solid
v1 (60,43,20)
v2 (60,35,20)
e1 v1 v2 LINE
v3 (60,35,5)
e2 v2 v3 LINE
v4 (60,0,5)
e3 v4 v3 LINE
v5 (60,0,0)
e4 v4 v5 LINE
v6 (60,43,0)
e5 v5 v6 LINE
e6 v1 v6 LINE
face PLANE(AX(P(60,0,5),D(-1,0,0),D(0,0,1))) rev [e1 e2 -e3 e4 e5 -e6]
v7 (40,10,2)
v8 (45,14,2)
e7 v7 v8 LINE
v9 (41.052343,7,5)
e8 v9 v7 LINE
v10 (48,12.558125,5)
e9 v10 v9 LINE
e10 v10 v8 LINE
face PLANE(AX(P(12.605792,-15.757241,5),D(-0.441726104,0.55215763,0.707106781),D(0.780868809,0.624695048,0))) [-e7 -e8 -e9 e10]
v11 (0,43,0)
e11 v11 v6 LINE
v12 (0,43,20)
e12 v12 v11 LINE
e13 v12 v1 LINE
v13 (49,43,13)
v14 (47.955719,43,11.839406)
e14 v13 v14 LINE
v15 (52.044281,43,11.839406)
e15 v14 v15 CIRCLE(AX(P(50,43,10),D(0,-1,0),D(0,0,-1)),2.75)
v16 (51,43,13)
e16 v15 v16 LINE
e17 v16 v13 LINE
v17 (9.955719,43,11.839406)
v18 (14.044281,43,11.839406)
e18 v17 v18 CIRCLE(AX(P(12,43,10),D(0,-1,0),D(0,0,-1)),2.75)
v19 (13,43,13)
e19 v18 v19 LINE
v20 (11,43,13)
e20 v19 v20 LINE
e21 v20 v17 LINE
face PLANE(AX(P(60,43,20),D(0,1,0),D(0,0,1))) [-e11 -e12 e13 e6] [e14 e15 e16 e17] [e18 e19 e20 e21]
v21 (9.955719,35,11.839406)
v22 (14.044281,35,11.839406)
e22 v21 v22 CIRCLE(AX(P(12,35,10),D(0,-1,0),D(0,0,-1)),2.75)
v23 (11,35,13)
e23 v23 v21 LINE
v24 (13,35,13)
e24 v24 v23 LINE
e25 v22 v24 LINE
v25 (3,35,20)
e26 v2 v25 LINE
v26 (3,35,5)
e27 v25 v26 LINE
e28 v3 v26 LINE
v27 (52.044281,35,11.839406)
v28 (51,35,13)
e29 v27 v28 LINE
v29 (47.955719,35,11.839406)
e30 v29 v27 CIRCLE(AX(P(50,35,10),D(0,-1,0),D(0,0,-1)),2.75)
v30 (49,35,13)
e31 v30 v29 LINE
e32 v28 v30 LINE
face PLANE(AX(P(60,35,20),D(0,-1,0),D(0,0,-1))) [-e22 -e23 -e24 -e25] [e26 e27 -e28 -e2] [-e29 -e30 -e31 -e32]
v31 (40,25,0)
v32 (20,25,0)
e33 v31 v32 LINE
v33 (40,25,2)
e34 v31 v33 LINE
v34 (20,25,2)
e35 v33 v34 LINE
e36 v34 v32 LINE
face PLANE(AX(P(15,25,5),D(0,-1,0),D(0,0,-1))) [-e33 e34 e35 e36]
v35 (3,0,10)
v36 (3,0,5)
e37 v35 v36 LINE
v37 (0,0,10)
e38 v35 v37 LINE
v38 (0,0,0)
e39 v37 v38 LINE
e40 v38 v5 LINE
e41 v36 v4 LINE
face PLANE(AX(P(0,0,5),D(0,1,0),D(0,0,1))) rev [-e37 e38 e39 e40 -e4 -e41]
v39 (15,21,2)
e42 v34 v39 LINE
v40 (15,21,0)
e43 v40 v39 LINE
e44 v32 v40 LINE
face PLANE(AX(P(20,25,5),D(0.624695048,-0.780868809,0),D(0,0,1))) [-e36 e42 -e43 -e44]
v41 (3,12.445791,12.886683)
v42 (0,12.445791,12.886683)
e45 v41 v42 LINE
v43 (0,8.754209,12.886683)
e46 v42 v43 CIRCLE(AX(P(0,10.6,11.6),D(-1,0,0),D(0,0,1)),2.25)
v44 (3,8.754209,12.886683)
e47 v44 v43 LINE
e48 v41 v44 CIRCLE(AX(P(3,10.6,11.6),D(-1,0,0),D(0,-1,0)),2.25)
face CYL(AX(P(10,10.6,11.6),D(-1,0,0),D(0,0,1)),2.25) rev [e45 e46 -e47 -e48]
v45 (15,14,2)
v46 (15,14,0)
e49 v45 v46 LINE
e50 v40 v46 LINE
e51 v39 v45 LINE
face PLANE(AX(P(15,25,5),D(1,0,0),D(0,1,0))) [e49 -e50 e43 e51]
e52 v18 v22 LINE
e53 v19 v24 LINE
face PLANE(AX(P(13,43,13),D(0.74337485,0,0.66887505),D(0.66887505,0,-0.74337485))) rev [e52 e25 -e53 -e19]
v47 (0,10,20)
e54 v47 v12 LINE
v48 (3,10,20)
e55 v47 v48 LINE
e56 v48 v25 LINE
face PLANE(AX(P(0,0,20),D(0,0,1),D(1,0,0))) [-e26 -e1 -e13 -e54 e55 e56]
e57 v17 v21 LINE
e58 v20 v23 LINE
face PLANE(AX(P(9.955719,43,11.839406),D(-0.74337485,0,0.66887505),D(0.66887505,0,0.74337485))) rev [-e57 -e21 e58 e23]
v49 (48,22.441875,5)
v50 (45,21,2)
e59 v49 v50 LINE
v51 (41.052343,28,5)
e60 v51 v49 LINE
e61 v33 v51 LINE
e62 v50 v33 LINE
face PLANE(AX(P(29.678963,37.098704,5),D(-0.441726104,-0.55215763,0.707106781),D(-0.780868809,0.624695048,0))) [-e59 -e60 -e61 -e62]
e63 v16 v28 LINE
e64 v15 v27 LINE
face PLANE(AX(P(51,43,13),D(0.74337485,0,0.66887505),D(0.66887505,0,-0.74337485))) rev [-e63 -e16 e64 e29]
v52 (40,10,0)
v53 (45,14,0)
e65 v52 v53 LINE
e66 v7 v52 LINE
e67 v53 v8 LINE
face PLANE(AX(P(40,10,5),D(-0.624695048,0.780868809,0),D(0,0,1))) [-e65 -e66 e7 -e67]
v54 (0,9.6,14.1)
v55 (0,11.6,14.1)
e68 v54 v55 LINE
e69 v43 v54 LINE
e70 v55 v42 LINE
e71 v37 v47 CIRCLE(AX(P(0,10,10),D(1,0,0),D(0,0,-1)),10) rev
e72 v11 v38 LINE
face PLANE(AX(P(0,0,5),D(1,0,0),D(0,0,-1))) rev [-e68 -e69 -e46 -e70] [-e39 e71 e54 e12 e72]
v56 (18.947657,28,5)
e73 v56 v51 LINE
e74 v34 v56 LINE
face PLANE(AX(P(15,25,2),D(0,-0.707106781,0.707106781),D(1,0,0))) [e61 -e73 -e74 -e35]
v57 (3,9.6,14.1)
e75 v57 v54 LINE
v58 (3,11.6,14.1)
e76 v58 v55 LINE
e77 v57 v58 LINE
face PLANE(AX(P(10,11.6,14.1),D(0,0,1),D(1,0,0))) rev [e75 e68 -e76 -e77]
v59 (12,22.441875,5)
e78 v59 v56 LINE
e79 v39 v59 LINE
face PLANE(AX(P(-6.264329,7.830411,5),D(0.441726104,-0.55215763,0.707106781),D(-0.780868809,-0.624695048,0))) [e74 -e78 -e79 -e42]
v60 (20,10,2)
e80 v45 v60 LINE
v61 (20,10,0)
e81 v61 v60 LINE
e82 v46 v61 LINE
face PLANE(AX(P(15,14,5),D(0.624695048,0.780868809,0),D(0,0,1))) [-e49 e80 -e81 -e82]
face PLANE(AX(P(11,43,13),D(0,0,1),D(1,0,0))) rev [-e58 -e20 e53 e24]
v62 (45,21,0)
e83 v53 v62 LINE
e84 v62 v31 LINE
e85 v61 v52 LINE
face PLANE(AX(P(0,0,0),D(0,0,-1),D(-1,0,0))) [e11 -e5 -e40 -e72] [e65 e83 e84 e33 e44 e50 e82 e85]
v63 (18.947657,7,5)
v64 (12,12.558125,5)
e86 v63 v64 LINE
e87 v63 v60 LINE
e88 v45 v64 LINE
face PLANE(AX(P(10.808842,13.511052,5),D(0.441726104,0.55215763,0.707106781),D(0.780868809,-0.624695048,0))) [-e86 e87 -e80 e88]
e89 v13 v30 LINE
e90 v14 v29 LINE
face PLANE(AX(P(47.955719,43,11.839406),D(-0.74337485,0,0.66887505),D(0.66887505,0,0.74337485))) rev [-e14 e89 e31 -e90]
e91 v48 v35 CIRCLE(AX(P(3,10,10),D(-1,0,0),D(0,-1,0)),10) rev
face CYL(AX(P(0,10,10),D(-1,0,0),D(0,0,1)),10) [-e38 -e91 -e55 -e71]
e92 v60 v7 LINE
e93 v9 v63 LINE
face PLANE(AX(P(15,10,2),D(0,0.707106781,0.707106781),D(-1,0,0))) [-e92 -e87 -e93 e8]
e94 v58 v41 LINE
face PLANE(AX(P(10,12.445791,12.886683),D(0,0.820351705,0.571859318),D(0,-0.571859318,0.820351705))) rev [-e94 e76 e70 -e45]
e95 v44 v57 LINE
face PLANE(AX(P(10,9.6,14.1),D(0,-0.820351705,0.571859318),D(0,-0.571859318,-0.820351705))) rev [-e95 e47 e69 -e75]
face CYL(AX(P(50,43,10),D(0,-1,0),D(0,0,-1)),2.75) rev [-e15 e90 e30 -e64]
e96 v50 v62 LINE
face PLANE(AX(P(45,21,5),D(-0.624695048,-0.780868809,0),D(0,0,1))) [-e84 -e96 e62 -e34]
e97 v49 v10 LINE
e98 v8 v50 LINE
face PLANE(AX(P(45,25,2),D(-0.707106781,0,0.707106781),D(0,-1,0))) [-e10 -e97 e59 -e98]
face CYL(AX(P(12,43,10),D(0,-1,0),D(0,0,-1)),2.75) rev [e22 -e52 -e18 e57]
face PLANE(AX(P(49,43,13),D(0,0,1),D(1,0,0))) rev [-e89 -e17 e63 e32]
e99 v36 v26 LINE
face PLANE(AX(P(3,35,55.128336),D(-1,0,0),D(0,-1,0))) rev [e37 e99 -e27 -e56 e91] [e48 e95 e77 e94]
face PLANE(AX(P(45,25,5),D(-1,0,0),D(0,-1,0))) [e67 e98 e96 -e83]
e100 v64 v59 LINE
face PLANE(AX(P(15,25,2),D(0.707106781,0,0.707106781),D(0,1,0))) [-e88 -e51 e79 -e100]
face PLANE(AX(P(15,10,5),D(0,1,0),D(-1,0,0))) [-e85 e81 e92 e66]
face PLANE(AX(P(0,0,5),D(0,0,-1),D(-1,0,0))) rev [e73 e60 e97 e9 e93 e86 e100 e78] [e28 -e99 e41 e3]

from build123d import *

# Parameters (mm, degrees)
CROQUIS1_W              = 60
CROQUIS1_H              = 35
CROQUIS1_W_2            = 30
CROQUIS1_H_2            = 15
SALIENTE_EXTRUIR1_DEPTH = 5
CHAFL_N2_SIZE           = 4
CHAFL_N2_SIZE2          = 5
CHAFL_N2_PART_2_SIZE    = 4
CHAFL_N2_PART_2_SIZE2   = 5
CHAFL_N3_SIZE           = 5
CHAFL_N3_SIZE2          = 4
CHAFL_N3_PART_2_SIZE    = 5
CHAFL_N3_PART_2_SIZE2   = 4
CHAFL_N1_SIZE           = 3
CROQUIS2_W              = 60
CROQUIS2_H              = 8
SALIENTE_EXTRUIR2_DEPTH = 20
CORTAR_EXTRUIR1_DEPTH   = 9
CROQUIS4_W              = 3
CROQUIS4_H              = 35
SALIENTE_EXTRUIR3_DEPTH = 15
CORTAR_EXTRUIR2_DEPTH   = 10
REDONDEO1_R             = 10


with BuildPart() as part:
    # Croquis1 → Saliente-Extruir1 (new body)
    with BuildSketch(Plane.XY):
        with Locations((30, 17.5)):
            Rectangle(CROQUIS1_W, CROQUIS1_H)
        with Locations((30, 17.5)):
            Rectangle(CROQUIS1_W_2, CROQUIS1_H_2, mode=Mode.SUBTRACT)
    extrude(amount=SALIENTE_EXTRUIR1_DEPTH)

    # Chaflán2
    chafl_n2_edges = [part.edges().sort_by_distance(p)[0] for p in [
        (15, 25, 2.5),
    ]]
    chafl_n2_side = [part.faces().sort_by_distance(p)[0] for p in [
        (15, 17.5, 2.5),
    ]]
    chamfer(chafl_n2_edges, length=CHAFL_N2_SIZE, length2=CHAFL_N2_SIZE2, reference=chafl_n2_side[0])

    # Chaflán2 part 2
    chafl_n2_part_2_edges = [part.edges().sort_by_distance(p)[0] for p in [
        (45, 10, 2.5),
    ]]
    chafl_n2_part_2_side = [part.faces().sort_by_distance(p)[0] for p in [
        (45, 17.5, 2.5),
    ]]
    chamfer(chafl_n2_part_2_edges, length=CHAFL_N2_PART_2_SIZE, length2=CHAFL_N2_PART_2_SIZE2, reference=chafl_n2_part_2_side[0])

    # Chaflán3
    chafl_n3_edges = [part.edges().sort_by_distance(p)[0] for p in [
        (15, 10, 2.5),
    ]]
    chafl_n3_side = [part.faces().sort_by_distance(p)[0] for p in [
        (27.5, 10, 2.5),
    ]]
    chamfer(chafl_n3_edges, length=CHAFL_N3_SIZE, length2=CHAFL_N3_SIZE2, reference=chafl_n3_side[0])

    # Chaflán3 part 2
    chafl_n3_part_2_edges = [part.edges().sort_by_distance(p)[0] for p in [
        (45, 25, 2.5),
    ]]
    chafl_n3_part_2_side = [part.faces().sort_by_distance(p)[0] for p in [
        (32.5, 25, 2.5),
    ]]
    chamfer(chafl_n3_part_2_edges, length=CHAFL_N3_PART_2_SIZE, length2=CHAFL_N3_PART_2_SIZE2, reference=chafl_n3_part_2_side[0])

    # Chaflán1
    chafl_n1_edges = [part.edges().sort_by_distance(p)[0] for p in [
        (45, 17.5, 5),
        (15, 17.5, 5),
        (42.5, 12, 5),
        (17.5, 23, 5),
        (30, 25, 5),
        (30, 10, 5),
        (42.5, 23, 5),
        (17.5, 12, 5),
    ]]
    chamfer(chafl_n1_edges, length=CHAFL_N1_SIZE)

    # Croquis2 → Saliente-Extruir2 (add)
    with BuildSketch(Plane(origin=(0, 0, 0), x_dir=(-1, 0, 0), z_dir=(0, 0, -1))):
        with Locations((-30, 39)):
            Rectangle(CROQUIS2_W, CROQUIS2_H)
    extrude(amount=-SALIENTE_EXTRUIR2_DEPTH)

    # Croquis3 → Cortar-Extruir1 (cut, through all)
    with BuildSketch(Plane.XZ.offset(-35)):
        with BuildLine():
            Line((9.955719163, 11.839406388), (11, 13))
            Line((11, 13), (13, 13))
            Line((13, 13), (14.044280837, 11.839406388))
            ThreePointArc((14.044280837, 11.839406388), (12, 7.25), (9.955719163, 11.839406388))
        make_face()
        with BuildLine():
            Line((47.955719163, 11.839406388), (49, 13))
            Line((49, 13), (51, 13))
            Line((51, 13), (52.044280837, 11.839406388))
            ThreePointArc((52.044280837, 11.839406388), (50, 7.25), (47.955719163, 11.839406388))
        make_face()
    extrude(amount=-CORTAR_EXTRUIR1_DEPTH, mode=Mode.SUBTRACT)

    # Croquis4 → Saliente-Extruir3 (add)
    with BuildSketch(Plane.XY.offset(5)):
        with Locations((1.5, 17.5)):
            Rectangle(CROQUIS4_W, CROQUIS4_H)
    extrude(amount=SALIENTE_EXTRUIR3_DEPTH)

    # Croquis5 → Cortar-Extruir2 (cut)
    with BuildSketch(Plane.ZY):
        with BuildLine():
            Line((12.886683465, 12.445791337), (14.1, 11.6))
            Line((14.1, 11.6), (14.1, 9.6))
            Line((14.1, 9.6), (12.886683465, 8.754208663))
            ThreePointArc((12.886683465, 8.754208663), (9.35, 10.6), (12.886683465, 12.445791337))
        make_face()
    extrude(amount=-CORTAR_EXTRUIR2_DEPTH, mode=Mode.SUBTRACT)

    # Redondeo1
    redondeo1_edges = [part.edges().sort_by_distance(p)[0] for p in [
        (1.5, 0, 20),
    ]]
    fillet(redondeo1_edges, radius=REDONDEO1_R)


solid = part.part
